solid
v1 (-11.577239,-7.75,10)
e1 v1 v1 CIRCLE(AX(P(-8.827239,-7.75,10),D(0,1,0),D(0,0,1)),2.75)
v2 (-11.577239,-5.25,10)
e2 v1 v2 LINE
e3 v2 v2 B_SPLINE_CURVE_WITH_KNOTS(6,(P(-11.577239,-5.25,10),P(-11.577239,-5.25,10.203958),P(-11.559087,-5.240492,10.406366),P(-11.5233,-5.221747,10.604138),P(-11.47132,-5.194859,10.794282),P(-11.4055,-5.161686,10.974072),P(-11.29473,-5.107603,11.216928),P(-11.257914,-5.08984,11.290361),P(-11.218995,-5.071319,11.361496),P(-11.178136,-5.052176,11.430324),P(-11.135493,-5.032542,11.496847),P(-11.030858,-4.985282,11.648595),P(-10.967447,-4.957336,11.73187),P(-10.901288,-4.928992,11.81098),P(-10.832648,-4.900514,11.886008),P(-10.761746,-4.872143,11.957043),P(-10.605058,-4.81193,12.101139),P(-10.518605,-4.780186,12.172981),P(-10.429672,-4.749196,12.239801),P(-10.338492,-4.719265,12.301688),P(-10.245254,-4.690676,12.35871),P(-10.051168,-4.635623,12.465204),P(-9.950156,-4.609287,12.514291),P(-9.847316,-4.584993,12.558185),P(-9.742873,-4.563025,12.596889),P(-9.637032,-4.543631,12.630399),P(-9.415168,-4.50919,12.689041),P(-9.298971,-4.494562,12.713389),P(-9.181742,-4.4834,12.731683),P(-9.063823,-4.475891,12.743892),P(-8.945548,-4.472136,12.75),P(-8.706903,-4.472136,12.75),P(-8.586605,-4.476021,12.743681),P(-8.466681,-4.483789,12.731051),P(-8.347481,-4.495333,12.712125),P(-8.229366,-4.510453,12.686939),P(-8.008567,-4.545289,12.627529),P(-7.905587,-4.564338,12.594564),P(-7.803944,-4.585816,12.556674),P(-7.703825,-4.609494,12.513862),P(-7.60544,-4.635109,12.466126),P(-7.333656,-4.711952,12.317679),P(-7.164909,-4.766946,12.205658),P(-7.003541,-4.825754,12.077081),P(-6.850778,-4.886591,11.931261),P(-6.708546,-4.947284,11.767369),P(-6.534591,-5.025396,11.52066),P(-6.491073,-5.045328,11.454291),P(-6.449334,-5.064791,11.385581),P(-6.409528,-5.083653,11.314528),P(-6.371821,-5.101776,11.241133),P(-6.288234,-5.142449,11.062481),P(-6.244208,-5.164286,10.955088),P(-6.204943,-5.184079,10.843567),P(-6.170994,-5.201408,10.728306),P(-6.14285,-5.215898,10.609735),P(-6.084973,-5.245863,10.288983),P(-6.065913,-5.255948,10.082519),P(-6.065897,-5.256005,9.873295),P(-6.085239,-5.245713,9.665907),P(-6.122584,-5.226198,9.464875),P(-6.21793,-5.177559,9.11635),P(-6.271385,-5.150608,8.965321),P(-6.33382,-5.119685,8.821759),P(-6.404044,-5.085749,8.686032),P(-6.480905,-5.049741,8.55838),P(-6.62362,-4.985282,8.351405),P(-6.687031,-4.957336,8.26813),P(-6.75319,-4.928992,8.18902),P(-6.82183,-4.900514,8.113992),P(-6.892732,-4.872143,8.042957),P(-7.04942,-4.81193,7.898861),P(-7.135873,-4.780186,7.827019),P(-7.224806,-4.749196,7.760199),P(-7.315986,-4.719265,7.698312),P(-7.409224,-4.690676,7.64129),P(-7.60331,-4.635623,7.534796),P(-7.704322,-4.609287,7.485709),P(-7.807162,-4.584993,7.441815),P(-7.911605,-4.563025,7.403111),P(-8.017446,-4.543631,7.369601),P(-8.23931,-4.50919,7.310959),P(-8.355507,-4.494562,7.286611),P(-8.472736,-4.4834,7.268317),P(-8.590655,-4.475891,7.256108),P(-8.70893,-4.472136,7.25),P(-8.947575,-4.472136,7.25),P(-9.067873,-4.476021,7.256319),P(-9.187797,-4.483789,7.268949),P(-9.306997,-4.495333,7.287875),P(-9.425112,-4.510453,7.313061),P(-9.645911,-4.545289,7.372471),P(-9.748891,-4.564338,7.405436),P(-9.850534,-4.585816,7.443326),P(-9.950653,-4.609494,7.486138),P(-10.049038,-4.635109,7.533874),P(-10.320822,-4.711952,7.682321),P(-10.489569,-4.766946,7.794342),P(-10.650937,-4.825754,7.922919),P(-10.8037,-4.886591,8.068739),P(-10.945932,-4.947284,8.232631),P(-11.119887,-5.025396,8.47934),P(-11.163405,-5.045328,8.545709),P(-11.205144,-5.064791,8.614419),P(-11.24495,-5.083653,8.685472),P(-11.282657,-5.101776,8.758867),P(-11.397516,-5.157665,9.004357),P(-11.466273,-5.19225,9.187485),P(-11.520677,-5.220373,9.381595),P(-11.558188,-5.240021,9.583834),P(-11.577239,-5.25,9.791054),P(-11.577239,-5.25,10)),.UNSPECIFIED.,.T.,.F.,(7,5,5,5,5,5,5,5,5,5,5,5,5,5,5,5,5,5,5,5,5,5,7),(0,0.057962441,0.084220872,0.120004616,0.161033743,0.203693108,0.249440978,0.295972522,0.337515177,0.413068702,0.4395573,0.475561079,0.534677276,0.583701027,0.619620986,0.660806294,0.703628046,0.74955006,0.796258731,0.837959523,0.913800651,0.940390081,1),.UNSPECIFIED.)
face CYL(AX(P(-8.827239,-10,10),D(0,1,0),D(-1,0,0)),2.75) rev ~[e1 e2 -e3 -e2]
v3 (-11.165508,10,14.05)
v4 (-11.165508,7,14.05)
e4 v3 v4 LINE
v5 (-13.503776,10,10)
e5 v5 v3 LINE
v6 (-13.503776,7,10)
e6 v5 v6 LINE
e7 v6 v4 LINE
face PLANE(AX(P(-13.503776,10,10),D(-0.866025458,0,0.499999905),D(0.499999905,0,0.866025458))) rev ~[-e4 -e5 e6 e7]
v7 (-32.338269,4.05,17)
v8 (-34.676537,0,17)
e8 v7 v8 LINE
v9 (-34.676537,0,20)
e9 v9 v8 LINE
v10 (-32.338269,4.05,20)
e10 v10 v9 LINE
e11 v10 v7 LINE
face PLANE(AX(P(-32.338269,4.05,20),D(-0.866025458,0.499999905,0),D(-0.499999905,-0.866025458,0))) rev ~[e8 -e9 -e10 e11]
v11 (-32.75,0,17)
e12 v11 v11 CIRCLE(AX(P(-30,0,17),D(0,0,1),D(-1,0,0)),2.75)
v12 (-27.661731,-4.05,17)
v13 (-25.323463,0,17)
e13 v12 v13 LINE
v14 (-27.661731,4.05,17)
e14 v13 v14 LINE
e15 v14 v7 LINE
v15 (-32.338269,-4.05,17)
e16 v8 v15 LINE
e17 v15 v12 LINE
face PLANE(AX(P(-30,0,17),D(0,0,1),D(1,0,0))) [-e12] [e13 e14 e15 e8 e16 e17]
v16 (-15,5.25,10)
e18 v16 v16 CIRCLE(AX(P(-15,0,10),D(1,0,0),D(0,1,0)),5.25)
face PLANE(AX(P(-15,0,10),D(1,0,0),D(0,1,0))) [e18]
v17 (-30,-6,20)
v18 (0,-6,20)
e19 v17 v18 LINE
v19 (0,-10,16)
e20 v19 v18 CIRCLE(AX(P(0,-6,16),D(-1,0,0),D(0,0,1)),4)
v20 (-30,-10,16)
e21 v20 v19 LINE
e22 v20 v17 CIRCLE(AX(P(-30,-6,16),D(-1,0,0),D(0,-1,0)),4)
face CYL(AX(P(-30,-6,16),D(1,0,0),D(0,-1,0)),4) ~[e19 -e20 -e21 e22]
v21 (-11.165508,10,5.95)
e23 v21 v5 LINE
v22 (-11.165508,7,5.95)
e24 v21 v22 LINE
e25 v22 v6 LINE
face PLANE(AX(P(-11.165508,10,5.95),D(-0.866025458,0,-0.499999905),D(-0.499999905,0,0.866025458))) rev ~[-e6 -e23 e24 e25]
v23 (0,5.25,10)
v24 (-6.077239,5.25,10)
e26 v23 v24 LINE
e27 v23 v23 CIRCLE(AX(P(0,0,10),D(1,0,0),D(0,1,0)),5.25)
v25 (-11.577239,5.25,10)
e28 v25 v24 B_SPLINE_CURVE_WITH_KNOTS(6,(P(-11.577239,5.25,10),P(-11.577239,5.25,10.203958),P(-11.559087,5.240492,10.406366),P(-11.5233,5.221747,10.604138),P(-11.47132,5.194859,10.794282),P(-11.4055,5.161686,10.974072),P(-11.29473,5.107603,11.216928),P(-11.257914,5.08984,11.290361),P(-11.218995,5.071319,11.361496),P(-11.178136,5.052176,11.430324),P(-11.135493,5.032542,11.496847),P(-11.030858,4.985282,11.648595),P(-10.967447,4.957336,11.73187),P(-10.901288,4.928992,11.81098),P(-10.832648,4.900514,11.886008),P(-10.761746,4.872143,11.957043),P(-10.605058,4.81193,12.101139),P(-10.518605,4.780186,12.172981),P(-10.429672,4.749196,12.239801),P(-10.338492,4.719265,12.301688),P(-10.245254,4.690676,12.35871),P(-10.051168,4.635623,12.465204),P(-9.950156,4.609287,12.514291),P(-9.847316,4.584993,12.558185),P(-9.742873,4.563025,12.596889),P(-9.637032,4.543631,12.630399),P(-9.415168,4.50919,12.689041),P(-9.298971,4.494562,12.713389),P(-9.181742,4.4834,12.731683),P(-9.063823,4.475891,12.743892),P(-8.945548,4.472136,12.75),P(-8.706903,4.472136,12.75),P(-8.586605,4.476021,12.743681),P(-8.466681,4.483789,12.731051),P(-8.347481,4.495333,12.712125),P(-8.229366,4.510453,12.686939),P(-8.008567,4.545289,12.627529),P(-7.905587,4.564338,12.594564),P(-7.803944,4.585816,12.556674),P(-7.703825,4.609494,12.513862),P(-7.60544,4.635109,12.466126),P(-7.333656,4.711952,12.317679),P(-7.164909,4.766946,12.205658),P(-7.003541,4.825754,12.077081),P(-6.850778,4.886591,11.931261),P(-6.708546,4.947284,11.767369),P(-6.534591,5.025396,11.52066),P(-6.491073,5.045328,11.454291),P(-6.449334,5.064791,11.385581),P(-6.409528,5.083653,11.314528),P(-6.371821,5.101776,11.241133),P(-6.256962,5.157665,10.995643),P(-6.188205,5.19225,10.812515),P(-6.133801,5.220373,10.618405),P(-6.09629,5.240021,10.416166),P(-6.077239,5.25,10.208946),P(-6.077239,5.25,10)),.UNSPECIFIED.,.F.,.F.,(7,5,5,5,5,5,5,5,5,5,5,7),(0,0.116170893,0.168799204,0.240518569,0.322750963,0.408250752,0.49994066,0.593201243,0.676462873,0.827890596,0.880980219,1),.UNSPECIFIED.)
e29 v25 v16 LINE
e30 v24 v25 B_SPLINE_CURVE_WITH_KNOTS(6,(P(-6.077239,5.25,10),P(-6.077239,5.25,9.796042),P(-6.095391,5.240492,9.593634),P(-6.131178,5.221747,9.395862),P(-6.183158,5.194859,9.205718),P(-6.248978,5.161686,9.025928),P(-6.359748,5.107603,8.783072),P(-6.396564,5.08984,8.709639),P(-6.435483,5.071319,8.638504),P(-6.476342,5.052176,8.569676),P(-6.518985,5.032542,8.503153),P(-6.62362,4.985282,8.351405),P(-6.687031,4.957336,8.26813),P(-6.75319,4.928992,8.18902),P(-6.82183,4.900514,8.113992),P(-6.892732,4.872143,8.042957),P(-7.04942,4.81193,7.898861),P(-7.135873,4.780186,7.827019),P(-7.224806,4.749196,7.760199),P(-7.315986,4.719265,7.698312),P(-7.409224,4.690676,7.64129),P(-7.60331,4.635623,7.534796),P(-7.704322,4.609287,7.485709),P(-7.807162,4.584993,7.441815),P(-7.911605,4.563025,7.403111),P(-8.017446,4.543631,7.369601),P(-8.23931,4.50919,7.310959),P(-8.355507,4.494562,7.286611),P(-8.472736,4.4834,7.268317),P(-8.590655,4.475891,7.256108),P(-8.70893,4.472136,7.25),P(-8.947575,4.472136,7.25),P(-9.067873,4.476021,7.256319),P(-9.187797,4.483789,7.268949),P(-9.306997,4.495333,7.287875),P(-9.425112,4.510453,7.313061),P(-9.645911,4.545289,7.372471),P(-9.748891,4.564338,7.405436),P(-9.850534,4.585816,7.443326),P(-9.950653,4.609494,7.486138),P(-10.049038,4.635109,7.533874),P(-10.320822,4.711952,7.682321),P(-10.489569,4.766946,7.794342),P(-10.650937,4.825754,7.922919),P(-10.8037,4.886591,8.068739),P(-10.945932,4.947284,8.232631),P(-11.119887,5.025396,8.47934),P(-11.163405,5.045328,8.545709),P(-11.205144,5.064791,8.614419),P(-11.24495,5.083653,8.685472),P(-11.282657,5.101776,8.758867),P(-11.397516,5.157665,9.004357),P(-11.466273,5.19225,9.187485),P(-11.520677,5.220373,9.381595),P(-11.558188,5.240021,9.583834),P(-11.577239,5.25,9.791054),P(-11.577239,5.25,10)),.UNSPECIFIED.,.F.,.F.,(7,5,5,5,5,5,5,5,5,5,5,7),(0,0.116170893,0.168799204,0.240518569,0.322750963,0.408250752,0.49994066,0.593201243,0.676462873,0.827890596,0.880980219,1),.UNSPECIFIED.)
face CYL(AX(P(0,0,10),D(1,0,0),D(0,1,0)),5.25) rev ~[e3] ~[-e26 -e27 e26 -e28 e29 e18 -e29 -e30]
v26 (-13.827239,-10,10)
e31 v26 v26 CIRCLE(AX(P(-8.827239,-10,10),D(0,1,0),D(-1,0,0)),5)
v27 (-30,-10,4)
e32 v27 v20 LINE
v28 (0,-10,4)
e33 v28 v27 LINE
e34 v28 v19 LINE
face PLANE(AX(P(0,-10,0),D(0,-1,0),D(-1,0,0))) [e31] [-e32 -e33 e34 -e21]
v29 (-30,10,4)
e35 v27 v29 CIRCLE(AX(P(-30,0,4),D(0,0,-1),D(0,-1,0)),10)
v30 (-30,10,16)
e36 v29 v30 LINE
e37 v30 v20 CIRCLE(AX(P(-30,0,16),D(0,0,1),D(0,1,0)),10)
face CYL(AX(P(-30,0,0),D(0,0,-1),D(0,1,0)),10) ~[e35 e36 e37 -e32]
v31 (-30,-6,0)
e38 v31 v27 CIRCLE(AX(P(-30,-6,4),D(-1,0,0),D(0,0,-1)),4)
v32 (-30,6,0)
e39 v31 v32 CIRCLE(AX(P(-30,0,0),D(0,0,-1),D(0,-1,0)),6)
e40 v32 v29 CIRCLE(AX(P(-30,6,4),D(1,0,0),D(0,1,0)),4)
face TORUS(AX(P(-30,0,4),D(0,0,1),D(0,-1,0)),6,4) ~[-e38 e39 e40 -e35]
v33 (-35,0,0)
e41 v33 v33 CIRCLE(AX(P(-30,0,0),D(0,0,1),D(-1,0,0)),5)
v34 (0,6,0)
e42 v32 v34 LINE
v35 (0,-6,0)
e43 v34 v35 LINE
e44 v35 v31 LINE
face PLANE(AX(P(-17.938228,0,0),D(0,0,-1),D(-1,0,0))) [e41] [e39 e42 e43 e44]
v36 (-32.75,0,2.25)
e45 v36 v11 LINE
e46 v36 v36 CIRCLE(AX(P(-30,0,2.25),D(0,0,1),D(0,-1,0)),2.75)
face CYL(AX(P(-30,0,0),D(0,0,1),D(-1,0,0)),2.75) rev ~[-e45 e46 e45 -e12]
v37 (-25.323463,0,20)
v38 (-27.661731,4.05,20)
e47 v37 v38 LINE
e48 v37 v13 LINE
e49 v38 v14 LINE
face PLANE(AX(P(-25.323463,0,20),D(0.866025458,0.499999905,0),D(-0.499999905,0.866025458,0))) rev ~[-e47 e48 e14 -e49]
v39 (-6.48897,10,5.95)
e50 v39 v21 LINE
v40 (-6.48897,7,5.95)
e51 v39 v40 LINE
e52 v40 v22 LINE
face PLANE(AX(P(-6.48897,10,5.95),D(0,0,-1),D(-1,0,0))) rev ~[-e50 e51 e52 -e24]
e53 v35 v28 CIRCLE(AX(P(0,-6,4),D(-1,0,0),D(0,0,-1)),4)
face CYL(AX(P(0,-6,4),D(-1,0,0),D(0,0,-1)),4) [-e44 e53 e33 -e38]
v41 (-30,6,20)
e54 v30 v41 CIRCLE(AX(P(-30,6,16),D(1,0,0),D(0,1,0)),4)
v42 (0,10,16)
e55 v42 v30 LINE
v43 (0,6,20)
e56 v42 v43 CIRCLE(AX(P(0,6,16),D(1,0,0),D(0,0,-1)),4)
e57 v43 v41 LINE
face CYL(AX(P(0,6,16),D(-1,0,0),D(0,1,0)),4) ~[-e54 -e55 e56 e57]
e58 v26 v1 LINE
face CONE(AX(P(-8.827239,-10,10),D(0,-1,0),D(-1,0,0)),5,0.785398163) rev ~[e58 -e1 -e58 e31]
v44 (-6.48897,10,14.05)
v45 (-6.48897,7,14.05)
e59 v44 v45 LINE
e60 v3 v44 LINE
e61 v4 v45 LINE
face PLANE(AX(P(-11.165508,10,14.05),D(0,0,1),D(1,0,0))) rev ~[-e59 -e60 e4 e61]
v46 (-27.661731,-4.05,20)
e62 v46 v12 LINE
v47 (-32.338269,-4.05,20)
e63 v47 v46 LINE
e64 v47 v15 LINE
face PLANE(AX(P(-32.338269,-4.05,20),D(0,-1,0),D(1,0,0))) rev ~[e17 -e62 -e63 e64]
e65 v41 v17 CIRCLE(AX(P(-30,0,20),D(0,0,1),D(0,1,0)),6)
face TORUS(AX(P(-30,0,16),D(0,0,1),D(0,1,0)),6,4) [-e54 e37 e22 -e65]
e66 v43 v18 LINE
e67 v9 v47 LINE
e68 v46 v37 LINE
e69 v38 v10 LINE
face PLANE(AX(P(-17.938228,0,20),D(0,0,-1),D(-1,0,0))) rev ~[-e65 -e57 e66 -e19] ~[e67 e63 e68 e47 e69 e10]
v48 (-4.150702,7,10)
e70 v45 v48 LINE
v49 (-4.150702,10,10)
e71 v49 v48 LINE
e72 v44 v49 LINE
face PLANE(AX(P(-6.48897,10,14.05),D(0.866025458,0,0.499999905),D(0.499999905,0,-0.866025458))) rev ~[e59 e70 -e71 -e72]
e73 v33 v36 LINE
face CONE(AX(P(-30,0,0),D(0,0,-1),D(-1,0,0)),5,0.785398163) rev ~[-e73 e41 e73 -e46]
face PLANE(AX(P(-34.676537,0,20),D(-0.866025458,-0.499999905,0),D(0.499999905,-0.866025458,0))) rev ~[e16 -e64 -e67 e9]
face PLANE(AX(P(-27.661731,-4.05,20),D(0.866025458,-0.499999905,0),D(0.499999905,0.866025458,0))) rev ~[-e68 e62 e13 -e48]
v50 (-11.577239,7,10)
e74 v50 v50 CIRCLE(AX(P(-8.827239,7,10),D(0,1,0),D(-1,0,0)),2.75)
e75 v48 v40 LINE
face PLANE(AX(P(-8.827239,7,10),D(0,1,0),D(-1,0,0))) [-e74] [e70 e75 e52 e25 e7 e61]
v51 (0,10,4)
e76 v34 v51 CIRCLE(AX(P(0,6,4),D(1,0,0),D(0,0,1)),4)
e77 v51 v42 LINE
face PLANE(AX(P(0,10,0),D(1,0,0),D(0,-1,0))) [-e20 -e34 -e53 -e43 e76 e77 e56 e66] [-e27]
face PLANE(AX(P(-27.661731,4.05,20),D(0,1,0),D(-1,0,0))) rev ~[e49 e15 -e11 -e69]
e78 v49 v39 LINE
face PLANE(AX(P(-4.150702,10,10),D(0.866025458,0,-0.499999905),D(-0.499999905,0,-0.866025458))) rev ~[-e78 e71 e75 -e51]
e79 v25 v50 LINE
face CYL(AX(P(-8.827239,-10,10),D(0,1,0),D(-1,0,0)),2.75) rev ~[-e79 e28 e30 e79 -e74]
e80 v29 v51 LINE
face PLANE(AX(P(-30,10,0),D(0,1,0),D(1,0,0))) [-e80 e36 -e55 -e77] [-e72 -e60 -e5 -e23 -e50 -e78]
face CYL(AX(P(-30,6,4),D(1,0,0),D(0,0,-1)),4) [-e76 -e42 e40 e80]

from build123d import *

# Parameters (mm, degrees)
PAD_DEPTH           = 20
SKETCH001_R         = 5.25
POCKET_DEPTH        = 15
HOLE_D              = 5.5
HOLE_CSINK_D        = 10
HOLE_CSINK_ANGLE    = 90
POCKET001_DEPTH     = 3
FILLET_R            = 4
HOLE001_D           = 5.5
HOLE001_DEPTH       = 25
HOLE001_CSINK_D     = 10
HOLE001_CSINK_ANGLE = 90
POCKET002_DEPTH     = 3


with BuildPart() as part:
    # Sketch → Pad (new body)
    with BuildSketch(Plane.XY):
        with BuildLine():
            Line((-30, 10), (0, 10))
            Line((0, 10), (0, -10))
            Line((0, -10), (-30, -10))
            ThreePointArc((-30, 10), (-40, 0), (-30, -10))
        make_face()
    extrude(amount=PAD_DEPTH)

    # Sketch001 (on Face2 of Pad) → Pocket (cut)
    with BuildSketch(Plane.YZ):
        with Locations((0, 10)):
            Circle(SKETCH001_R)
    extrude(amount=-POCKET_DEPTH, mode=Mode.SUBTRACT)

    # Hole (through all)
    with Locations(Plane.XZ.offset(10)):
        with Locations((-8.827239, 10)):
            CounterSinkHole(HOLE_D / 2, HOLE_CSINK_D / 2, counter_sink_angle=HOLE_CSINK_ANGLE)

    # Sketch004 (on Face1 of Hole) → Pocket001 (cut)
    with BuildSketch(Plane(origin=(0, 10, 0), x_dir=(-1, 0, 0), z_dir=(0, 1, 0))):
        Polygon((11.165508, 5.95), (13.503776, 10), (11.165508, 14.05), (6.48897, 14.05), (4.150702, 10), (6.48897, 5.95), align=None)
    extrude(amount=-POCKET001_DEPTH, mode=Mode.SUBTRACT)

    # Fillet
    fillet_edges = [part.edges().sort_by_distance(p)[0] for p in [
        (-15, -10, 0),
        (-40, 0, 0),
        (-15, 10, 0),
        (-40, 0, 20),
        (-15, 10, 20),
    ]]
    fillet(fillet_edges, radius=FILLET_R)

    # Hole001
    with Locations(Plane(origin=(0, 0, 0), x_dir=(1, 0, 0), z_dir=(0, 0, -1))):
        with Locations((-30, 0)):
            CounterSinkHole(HOLE001_D / 2, HOLE001_CSINK_D / 2, depth=HOLE001_DEPTH, counter_sink_angle=HOLE001_CSINK_ANGLE)

    # Sketch006 (on Face16 of Hole001) → Pocket002 (cut)
    with BuildSketch(Plane.XY.offset(20)):
        Polygon((-27.661731, -4.05), (-25.323463, 0), (-27.661731, 4.05), (-32.338269, 4.05), (-34.676537, 0), (-32.338269, -4.05), align=None)
    extrude(amount=-POCKET002_DEPTH, mode=Mode.SUBTRACT)


solid = part.part
